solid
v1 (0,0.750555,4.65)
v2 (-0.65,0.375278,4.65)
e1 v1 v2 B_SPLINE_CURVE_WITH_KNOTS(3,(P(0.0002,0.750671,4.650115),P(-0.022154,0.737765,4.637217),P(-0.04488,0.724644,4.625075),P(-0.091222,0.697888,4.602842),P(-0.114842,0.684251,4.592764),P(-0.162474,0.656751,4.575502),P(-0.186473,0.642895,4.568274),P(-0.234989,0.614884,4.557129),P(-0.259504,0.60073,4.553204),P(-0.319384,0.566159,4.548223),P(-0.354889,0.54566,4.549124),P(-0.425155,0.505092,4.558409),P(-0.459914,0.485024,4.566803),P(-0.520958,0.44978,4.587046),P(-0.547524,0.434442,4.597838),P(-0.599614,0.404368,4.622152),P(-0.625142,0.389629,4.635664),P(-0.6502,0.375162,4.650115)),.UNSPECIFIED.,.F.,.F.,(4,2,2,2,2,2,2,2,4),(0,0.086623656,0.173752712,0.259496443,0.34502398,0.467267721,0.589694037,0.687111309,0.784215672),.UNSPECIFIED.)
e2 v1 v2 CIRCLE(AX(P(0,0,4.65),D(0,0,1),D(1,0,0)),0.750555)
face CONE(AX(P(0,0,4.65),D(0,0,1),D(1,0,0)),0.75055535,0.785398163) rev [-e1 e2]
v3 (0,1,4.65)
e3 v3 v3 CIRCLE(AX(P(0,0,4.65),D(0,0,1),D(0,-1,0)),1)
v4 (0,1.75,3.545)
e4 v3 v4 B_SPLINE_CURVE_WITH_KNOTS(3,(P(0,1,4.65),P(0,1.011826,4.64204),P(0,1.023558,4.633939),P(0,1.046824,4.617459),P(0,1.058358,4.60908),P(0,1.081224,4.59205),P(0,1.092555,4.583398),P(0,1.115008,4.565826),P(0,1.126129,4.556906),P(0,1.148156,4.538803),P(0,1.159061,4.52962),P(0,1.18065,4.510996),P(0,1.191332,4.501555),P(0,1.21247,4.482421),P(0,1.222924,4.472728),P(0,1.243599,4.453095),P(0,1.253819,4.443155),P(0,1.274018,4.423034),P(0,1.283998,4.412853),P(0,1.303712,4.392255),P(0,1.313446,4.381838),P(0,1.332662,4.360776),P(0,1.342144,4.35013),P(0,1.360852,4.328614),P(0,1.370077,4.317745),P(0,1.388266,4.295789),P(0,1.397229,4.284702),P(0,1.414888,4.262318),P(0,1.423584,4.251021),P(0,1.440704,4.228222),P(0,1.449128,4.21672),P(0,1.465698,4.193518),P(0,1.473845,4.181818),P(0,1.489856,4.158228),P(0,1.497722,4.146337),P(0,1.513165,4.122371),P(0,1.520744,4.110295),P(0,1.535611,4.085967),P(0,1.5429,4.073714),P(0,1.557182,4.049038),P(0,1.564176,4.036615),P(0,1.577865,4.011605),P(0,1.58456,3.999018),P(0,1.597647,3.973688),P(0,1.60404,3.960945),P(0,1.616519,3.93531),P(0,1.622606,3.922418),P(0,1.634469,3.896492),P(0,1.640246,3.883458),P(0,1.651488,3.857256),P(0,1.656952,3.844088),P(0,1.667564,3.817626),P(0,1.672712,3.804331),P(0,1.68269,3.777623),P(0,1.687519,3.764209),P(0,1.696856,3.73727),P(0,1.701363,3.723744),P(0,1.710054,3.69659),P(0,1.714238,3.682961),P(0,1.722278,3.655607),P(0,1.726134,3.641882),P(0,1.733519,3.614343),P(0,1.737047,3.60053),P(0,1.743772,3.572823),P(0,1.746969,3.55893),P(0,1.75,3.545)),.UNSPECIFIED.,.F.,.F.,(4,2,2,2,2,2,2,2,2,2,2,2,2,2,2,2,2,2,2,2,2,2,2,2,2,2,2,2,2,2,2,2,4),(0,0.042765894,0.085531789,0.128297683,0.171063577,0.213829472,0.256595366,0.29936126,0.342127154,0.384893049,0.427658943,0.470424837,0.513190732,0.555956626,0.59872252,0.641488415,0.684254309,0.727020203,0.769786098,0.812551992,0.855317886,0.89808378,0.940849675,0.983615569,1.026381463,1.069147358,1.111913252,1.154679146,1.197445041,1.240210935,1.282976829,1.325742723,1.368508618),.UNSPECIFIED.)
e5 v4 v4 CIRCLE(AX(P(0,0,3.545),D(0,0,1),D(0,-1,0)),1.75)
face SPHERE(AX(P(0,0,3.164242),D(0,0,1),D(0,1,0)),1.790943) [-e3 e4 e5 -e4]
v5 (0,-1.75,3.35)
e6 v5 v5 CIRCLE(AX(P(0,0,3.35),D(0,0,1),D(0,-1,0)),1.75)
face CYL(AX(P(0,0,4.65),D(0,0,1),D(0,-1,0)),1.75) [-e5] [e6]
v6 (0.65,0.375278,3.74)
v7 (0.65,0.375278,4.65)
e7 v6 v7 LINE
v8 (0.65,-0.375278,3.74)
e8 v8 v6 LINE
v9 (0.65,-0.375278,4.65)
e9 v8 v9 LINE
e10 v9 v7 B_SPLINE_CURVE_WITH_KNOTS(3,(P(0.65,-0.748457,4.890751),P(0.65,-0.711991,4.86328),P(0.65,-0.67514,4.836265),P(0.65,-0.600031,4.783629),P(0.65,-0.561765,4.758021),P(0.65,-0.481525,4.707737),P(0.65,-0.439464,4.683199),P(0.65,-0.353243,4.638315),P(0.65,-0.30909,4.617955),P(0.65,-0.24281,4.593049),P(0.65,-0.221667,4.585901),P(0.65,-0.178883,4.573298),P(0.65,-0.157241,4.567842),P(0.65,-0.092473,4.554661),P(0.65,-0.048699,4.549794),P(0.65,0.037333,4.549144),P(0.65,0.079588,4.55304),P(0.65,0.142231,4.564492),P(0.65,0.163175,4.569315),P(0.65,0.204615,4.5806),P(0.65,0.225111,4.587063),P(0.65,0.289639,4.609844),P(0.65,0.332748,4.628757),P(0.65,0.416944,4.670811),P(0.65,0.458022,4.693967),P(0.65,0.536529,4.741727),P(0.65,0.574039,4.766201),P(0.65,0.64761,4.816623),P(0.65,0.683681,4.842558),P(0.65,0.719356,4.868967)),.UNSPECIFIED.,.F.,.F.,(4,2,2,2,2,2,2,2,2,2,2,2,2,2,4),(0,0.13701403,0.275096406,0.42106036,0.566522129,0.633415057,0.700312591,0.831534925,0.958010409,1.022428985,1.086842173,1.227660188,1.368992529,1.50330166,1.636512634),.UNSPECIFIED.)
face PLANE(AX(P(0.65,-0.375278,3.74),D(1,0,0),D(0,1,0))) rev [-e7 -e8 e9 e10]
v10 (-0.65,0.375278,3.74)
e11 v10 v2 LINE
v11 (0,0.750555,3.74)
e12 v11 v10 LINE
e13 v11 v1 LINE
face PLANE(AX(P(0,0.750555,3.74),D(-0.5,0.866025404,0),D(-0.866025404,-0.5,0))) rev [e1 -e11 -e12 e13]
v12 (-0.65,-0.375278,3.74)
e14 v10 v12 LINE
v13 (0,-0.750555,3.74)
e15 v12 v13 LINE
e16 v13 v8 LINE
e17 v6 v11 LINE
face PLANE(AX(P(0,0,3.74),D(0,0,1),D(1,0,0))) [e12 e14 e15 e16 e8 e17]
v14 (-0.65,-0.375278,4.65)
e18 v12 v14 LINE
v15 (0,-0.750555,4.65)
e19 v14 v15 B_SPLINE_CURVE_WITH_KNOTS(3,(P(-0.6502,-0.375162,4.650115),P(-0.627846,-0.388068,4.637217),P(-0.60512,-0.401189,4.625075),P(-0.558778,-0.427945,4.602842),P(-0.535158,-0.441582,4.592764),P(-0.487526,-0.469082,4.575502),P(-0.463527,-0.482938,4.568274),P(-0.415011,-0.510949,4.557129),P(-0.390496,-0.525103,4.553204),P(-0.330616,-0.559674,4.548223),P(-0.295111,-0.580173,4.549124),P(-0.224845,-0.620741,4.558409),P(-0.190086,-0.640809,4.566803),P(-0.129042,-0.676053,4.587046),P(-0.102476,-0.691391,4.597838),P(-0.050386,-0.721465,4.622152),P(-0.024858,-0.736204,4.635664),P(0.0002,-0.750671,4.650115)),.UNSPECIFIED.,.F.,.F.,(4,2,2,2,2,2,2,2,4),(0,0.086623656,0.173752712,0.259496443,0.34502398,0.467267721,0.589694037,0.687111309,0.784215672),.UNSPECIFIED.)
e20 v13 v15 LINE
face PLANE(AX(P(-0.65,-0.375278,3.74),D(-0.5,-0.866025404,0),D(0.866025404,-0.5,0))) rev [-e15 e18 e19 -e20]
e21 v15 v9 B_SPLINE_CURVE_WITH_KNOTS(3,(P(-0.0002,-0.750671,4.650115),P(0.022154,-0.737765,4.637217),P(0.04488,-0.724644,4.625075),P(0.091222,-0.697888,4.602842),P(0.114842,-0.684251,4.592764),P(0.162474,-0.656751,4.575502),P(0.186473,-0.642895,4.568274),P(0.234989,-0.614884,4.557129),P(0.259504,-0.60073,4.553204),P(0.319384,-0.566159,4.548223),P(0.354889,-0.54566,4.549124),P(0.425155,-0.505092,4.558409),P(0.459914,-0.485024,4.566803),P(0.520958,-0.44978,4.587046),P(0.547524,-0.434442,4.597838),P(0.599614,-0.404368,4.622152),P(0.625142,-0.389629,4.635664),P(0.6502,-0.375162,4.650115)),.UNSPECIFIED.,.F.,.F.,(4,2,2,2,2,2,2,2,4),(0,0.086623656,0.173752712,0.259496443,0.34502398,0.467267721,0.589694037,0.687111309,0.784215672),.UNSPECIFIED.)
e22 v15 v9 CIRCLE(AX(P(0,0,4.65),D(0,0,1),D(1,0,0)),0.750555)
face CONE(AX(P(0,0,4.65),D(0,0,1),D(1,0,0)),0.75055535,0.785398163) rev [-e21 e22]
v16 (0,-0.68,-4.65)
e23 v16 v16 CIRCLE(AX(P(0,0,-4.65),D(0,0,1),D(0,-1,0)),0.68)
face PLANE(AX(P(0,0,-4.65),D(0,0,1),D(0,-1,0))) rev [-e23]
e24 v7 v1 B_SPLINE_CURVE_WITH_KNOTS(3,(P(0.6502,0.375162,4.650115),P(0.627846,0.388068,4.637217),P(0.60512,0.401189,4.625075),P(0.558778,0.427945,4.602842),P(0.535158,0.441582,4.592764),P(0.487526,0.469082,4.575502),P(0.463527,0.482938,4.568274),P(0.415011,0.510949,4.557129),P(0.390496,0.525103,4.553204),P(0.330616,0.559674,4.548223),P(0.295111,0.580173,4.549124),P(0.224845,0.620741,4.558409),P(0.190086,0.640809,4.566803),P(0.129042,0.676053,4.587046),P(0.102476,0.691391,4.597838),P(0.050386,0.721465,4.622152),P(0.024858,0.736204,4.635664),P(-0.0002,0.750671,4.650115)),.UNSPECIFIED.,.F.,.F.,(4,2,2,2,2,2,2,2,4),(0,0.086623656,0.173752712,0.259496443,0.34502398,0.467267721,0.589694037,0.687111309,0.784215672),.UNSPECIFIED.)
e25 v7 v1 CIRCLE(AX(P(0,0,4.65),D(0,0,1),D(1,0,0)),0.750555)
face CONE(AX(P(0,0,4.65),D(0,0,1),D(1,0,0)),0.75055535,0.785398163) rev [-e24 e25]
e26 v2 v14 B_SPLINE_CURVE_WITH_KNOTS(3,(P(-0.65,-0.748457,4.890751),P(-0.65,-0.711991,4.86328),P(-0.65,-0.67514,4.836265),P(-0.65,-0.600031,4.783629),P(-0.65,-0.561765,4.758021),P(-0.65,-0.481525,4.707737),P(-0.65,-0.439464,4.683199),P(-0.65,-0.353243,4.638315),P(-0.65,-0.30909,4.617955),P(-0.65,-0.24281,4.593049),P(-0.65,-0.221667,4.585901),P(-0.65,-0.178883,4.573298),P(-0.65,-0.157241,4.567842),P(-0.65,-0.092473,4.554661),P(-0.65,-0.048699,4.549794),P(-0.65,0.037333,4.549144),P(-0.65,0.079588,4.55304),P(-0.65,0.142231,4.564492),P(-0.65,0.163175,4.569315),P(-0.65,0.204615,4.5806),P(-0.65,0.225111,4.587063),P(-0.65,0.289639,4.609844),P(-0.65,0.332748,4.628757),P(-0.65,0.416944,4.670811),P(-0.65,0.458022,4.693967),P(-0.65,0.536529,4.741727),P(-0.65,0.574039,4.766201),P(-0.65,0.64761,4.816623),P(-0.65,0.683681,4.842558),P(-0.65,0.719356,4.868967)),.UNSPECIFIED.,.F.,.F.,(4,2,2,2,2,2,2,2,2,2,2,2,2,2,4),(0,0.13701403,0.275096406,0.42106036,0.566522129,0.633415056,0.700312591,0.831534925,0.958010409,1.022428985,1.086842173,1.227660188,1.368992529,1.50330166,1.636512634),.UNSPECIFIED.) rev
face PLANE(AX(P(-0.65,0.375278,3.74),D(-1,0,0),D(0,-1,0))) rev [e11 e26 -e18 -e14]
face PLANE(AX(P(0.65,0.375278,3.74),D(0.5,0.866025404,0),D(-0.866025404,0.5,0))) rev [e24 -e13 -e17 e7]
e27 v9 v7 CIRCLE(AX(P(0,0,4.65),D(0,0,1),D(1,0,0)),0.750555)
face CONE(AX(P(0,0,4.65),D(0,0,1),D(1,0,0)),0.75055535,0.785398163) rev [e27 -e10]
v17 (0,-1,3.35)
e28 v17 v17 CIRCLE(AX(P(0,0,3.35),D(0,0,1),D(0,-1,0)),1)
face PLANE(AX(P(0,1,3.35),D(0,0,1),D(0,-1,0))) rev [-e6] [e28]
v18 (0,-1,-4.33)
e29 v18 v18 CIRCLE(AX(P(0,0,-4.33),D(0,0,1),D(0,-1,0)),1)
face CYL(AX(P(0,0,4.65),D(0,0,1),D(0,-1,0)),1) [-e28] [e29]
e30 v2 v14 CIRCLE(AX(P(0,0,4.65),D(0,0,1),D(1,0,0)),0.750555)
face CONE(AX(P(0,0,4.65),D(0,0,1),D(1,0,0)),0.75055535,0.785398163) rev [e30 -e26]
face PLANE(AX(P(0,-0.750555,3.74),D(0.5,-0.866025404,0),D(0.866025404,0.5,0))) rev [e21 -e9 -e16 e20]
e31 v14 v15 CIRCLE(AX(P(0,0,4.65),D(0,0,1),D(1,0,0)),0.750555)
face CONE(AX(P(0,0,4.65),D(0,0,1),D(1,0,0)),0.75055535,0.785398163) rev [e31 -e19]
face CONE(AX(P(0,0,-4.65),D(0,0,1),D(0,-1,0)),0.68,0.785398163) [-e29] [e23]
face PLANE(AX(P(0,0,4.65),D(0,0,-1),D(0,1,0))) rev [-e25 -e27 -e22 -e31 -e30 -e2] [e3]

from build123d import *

# Parameters (mm, degrees)
CUT_EXTRUDE1_DEPTH = 0.91


with BuildPart() as part:
    # Sketch2 → Revolve1 (revolve)
    with BuildSketch(Plane(origin=(0, 0, 0), x_dir=(0, 0, -1), z_dir=(1, 0, 0)), mode=Mode.PRIVATE) as revolve1_sk:
        with BuildLine():
            Line((-4.65, 0), (4.65, 0))
            Line((4.65, 0), (4.65, 0.68))
            Line((4.65, 0.68), (4.33, 1))
            Line((4.33, 1), (-3.35, 1))
            Line((-3.35, 1), (-3.35, 1.75))
            Line((-3.35, 1.75), (-3.545, 1.75))
            ThreePointArc((-3.545, 1.75), (-4.170023043, 1.481850617), (-4.65, 1))
            Line((-4.65, 1), (-4.65, 0))
        make_face()
    revolve(revolve1_sk.sketch.rotate(Axis((0, 0, 4.65), (0, 0, -1)), 180), axis=Axis((0, 0, 4.65), (0, 0, -1)))

    # Sketch3 → Cut-Extrude1 (cut)
    with BuildSketch(Plane.XY.offset(4.65)):
        Polygon((0, 0.75055535), (-0.65, 0.375277675), (-0.65, -0.375277675), (0, -0.75055535), (0.65, -0.375277675), (0.65, 0.375277675), align=None)
    extrude(amount=-CUT_EXTRUDE1_DEPTH, mode=Mode.SUBTRACT)

    # Cut-Extrude2 cone 1 section (through the dimple's axis) → Cut-Extrude2 (revolve, cut)
    with BuildSketch(Plane(origin=(0, 0, 4.65), x_dir=(0, -1, 0), z_dir=(1, 0, 0))):
        Polygon((0, 0), (0.75055535, 0), (0, 0.75055535), align=None)
    revolve(axis=Axis((0, 0, 4.65), (0, 0, -1)), mode=Mode.SUBTRACT)


solid = part.part
